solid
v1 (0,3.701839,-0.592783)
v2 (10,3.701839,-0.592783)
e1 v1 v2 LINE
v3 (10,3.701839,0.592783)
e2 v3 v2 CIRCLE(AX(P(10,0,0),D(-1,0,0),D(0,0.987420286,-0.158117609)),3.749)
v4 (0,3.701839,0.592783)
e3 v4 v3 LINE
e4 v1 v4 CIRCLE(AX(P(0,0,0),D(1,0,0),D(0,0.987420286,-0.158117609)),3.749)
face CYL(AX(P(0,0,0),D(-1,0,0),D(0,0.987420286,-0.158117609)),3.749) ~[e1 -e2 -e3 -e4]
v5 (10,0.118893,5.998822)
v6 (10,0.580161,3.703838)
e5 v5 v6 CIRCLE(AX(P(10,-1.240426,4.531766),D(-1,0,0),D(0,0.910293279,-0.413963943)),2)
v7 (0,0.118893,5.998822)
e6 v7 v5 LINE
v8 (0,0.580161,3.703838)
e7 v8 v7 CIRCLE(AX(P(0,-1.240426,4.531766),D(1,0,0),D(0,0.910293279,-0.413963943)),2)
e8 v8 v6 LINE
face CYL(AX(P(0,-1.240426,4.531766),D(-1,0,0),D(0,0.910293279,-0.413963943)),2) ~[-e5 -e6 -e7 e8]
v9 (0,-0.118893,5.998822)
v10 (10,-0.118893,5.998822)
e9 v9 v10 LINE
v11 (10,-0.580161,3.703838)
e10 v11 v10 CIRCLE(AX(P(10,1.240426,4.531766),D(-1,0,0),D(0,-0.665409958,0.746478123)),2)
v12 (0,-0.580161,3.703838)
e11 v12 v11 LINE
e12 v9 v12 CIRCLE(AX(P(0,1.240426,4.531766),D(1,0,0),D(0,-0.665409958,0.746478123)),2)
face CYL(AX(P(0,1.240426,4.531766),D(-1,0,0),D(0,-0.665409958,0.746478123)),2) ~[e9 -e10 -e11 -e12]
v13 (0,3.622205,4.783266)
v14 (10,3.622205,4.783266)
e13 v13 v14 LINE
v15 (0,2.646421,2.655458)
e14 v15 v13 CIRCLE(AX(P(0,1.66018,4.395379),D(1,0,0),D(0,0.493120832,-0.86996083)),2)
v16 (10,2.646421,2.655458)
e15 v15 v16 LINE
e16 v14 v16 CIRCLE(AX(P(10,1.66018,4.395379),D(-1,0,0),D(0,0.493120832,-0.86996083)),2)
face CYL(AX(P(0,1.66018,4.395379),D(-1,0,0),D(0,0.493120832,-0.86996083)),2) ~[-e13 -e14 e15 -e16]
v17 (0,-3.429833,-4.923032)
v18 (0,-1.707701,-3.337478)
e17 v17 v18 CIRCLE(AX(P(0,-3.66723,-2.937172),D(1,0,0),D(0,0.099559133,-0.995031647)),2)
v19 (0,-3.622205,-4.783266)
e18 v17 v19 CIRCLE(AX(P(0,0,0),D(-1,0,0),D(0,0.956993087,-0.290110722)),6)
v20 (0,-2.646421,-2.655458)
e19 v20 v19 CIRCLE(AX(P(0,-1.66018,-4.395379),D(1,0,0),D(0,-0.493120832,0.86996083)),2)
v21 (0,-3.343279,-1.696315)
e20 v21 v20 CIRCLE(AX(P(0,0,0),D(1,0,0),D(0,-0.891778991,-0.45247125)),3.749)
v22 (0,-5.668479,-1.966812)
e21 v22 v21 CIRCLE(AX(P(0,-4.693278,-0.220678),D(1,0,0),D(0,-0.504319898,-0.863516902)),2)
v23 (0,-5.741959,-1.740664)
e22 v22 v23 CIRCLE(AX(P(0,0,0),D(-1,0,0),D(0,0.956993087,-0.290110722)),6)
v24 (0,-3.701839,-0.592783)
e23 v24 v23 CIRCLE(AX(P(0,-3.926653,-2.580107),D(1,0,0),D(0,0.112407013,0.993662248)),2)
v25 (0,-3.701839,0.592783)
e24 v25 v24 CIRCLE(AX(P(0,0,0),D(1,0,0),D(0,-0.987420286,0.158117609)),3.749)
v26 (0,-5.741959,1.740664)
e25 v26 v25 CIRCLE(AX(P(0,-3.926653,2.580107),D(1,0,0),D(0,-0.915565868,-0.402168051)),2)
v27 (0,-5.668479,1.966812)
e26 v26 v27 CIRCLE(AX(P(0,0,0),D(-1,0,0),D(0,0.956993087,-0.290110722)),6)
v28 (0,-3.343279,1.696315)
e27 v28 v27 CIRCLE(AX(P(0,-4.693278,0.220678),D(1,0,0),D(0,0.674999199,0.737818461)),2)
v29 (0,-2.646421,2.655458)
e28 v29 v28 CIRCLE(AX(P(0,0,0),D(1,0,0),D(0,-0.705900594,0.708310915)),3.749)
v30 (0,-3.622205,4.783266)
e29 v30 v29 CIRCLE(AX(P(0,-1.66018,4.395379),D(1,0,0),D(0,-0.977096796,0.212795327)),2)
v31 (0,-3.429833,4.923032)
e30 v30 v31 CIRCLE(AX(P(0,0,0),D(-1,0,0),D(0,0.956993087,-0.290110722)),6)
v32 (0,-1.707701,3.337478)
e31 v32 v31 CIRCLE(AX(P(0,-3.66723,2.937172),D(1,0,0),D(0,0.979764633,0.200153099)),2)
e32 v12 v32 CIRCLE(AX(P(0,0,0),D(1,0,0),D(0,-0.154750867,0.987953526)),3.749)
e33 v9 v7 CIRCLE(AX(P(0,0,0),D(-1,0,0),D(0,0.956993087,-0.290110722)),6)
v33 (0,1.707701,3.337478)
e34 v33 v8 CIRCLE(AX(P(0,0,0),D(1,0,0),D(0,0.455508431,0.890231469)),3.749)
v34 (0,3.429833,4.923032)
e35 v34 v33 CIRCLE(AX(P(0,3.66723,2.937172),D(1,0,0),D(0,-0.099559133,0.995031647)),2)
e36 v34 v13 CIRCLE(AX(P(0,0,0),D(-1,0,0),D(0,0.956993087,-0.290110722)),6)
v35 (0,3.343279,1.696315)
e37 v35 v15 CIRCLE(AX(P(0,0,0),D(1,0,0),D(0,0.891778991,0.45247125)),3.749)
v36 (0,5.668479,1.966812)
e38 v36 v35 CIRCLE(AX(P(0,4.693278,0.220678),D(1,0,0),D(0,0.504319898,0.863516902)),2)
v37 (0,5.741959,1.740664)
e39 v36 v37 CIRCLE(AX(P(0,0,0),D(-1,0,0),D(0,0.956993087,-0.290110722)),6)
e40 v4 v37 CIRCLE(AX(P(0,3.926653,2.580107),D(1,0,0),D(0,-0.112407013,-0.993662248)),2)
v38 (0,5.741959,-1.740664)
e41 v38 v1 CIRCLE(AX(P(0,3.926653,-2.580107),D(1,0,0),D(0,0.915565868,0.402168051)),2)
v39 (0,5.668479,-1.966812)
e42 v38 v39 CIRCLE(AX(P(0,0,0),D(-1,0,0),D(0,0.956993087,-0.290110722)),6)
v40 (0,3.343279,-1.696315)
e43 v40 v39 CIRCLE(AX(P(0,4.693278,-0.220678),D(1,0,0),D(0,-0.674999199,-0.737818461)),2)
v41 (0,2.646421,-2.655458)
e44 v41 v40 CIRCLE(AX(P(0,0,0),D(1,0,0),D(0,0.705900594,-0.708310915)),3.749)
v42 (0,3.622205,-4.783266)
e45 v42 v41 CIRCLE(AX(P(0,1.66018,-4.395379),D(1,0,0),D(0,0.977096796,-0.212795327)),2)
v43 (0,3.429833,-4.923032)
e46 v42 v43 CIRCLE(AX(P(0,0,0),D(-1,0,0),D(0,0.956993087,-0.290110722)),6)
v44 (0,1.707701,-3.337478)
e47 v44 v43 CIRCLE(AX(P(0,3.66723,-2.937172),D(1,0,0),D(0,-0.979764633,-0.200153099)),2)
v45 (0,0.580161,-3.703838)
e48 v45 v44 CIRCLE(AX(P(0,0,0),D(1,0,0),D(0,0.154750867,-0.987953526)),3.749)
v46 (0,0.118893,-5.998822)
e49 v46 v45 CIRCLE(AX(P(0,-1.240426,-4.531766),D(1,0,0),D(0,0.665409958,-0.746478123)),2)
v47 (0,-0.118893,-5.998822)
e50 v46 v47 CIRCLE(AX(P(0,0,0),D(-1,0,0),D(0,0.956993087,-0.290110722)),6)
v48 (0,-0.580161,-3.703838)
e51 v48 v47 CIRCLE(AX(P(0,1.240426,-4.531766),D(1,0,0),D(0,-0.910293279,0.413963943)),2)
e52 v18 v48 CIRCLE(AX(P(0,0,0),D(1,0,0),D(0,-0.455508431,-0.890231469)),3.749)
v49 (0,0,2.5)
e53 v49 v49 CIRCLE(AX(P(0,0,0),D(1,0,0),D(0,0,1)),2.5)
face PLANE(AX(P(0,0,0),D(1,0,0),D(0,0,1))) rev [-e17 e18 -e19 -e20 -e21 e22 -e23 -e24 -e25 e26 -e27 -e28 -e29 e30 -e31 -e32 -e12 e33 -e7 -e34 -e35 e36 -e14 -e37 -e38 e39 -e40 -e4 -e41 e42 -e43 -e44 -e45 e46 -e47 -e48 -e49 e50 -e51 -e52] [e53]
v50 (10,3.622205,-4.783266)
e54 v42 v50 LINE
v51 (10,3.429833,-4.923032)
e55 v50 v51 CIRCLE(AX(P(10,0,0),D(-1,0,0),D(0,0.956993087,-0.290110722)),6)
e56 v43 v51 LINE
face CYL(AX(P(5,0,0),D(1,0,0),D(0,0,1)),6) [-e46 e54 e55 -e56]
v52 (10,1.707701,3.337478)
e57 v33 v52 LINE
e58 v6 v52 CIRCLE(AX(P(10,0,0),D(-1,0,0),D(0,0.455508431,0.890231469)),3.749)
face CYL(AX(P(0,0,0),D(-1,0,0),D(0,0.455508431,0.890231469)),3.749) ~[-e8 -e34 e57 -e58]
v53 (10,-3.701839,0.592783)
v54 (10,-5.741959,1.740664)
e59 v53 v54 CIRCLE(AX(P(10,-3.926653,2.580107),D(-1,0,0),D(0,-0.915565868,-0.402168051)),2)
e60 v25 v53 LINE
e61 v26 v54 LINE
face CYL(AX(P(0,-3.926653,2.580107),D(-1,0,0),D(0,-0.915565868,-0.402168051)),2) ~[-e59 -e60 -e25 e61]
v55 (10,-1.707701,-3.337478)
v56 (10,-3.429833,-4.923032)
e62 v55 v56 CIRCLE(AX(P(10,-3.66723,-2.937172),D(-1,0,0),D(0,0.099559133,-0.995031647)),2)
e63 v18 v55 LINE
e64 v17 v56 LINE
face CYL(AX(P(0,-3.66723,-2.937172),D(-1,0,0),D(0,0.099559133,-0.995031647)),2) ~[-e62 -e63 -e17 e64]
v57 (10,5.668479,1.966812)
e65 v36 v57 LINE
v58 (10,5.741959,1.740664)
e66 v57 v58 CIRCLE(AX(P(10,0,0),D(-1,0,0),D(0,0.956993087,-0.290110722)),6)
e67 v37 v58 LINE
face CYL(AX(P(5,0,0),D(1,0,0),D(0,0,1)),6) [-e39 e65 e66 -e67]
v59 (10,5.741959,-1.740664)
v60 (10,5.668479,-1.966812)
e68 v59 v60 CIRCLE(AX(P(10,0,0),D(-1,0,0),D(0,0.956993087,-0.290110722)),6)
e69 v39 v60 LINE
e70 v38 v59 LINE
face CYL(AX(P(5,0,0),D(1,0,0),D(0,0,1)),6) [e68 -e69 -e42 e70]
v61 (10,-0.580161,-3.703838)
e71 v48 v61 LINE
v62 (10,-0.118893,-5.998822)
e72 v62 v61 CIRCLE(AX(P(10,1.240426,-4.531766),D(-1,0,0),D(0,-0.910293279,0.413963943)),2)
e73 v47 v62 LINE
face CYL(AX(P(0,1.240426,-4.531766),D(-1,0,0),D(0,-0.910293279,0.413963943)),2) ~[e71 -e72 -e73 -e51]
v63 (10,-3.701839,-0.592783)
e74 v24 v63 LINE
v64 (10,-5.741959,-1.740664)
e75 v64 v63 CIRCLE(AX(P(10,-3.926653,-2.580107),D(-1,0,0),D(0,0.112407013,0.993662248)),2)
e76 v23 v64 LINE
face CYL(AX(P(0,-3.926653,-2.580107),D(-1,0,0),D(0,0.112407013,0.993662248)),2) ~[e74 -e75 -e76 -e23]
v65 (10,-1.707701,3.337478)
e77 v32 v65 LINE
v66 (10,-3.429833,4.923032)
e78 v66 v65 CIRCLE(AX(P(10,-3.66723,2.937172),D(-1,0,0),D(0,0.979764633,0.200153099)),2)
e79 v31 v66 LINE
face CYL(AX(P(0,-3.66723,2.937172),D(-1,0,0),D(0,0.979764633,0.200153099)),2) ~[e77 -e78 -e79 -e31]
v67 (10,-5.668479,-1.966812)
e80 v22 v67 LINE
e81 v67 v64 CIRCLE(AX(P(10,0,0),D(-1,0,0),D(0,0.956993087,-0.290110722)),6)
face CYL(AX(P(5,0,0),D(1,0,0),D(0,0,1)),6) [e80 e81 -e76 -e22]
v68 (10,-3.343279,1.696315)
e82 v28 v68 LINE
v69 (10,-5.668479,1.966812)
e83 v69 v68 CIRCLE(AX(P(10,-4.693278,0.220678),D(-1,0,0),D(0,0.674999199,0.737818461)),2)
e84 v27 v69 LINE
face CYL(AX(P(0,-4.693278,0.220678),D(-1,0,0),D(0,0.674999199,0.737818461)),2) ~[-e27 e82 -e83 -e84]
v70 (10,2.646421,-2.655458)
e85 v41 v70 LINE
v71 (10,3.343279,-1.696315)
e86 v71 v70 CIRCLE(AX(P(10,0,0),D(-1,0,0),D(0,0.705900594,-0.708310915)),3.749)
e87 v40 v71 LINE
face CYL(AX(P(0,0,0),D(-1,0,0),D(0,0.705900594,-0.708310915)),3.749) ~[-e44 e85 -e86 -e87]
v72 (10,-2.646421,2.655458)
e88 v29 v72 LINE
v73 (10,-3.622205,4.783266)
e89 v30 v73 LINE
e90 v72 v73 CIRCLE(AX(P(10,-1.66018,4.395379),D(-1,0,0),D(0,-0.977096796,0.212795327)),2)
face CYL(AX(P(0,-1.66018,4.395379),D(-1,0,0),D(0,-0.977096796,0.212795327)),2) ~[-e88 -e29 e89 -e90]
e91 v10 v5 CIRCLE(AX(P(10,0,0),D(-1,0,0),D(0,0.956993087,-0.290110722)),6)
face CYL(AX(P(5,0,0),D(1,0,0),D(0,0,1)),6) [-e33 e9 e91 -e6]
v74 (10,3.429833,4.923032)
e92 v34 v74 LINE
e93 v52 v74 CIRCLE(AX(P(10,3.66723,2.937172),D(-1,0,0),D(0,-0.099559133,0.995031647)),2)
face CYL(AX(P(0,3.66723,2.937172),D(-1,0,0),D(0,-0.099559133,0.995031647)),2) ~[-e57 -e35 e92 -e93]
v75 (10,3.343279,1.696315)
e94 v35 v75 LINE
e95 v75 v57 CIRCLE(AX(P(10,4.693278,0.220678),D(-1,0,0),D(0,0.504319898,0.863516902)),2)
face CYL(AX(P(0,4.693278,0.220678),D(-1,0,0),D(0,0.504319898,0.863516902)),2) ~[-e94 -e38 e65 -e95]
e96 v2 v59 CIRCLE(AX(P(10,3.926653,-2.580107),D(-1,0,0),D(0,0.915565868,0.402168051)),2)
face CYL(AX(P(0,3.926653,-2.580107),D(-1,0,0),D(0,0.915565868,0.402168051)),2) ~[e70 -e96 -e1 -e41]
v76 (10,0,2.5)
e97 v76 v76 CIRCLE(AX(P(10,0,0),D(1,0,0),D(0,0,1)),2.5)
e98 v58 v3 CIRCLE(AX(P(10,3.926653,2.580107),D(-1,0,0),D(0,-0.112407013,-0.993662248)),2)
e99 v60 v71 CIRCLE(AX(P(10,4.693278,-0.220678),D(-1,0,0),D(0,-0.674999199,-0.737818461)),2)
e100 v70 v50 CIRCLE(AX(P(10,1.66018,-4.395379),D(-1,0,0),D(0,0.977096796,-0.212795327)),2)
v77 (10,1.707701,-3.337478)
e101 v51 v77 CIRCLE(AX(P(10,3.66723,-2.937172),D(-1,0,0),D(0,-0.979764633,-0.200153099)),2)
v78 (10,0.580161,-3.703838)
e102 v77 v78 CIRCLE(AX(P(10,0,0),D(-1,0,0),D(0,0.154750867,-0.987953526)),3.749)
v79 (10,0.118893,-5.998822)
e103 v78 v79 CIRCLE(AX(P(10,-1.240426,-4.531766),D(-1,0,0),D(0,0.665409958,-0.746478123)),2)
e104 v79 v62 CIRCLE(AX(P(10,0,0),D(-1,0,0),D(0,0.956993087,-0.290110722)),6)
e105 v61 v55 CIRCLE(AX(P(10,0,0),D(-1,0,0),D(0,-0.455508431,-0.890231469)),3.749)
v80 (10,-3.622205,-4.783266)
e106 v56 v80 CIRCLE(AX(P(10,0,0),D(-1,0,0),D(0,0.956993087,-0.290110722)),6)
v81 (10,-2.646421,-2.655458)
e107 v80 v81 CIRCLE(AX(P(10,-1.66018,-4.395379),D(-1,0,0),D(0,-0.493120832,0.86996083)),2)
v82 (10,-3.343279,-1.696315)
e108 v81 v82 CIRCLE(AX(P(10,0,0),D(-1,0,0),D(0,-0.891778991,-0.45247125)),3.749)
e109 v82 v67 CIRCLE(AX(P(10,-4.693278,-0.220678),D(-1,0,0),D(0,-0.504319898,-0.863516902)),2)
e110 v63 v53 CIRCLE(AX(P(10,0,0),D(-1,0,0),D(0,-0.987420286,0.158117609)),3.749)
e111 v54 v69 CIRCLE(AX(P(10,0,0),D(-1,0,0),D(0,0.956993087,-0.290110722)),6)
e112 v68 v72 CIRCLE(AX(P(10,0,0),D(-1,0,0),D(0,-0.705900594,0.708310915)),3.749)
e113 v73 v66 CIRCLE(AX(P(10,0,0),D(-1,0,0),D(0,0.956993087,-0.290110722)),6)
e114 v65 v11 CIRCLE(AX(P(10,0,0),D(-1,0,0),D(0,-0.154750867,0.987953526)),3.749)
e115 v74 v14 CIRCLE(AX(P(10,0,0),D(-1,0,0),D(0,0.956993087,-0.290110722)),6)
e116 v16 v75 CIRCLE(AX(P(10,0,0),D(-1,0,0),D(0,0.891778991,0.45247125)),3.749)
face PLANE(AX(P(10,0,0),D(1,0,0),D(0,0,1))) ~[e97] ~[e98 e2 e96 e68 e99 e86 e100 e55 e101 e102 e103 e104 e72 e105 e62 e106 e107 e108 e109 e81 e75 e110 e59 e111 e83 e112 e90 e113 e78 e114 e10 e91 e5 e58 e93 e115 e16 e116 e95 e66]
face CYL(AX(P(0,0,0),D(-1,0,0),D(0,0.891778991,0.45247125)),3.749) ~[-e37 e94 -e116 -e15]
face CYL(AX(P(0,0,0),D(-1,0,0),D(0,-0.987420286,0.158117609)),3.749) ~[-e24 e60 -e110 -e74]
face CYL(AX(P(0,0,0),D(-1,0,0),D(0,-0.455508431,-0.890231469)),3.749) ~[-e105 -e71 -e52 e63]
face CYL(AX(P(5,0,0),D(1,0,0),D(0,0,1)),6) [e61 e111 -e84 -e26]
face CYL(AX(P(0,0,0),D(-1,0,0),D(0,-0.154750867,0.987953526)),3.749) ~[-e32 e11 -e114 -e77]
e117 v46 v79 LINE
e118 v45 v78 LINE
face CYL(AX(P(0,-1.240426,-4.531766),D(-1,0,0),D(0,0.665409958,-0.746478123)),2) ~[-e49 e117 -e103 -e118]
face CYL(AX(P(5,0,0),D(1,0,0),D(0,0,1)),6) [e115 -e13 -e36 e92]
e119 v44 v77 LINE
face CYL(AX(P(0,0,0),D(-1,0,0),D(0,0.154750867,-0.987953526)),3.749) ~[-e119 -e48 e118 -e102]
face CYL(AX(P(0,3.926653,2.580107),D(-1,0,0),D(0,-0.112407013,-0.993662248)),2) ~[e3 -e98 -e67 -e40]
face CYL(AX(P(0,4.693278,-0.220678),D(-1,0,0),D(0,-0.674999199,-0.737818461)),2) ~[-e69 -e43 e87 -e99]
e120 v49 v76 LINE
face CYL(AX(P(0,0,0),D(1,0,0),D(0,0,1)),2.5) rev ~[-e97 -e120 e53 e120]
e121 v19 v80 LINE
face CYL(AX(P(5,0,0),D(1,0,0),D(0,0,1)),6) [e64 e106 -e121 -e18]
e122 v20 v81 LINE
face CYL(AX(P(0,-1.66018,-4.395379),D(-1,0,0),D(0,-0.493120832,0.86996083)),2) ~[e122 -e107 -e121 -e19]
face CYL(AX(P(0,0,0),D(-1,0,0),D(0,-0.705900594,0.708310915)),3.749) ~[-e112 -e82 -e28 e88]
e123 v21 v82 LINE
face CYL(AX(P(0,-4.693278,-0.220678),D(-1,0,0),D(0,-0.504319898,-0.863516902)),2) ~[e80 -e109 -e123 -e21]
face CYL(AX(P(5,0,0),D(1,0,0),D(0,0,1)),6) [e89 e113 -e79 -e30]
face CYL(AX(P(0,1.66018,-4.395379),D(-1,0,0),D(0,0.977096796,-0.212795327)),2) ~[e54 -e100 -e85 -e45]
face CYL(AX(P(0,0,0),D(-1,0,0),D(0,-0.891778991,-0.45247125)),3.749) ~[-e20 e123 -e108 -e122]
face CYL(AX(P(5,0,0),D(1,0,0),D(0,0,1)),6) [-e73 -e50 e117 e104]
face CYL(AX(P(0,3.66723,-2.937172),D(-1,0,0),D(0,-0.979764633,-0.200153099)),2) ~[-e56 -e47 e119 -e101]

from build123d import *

# Parameters (mm, degrees)
BASPROSKE_W     = 10
BASPROSKE_H     = 6
TOOTHCUT_DEPTH  = 14.114877049
TEETHCUTS_COUNT = 10
TEETHCUTS_ANGLE = 324
BORSKE_R        = 2.5
BORE_DEPTH      = 50.0000508


with BuildPart() as part:
    # BasProSke → Base-Revolve (revolve)
    with BuildSketch(Plane(origin=(0, 0, 0), x_dir=(1, 0, 0), z_dir=(0, 1, 0)), mode=Mode.PRIVATE) as base_revolve_sk:
        with Locations((5, 3)):
            Rectangle(BASPROSKE_W, BASPROSKE_H)
    revolve(base_revolve_sk.sketch.rotate(Axis((-10, 0, 0), (1, 0, 0)), 180), axis=Axis((-10, 0, 0), (1, 0, 0)))

    # TooCutSke → ToothCut (cut, through all)
    with BuildSketch(Plane(origin=(0, 0, 0), x_dir=(0, 0, -1), z_dir=(1, 0, 0))):
        with BuildLine():
            ThreePointArc((0.59278292, 3.701838653), (0, 3.749), (-0.59278292, 3.701838653))
            ThreePointArc((-0.59278292, 3.701838653), (-0.846593509, 4.924114224), (-1.775771316, 5.757784417))
            ThreePointArc((-1.775771316, 5.757784417), (0, 6.0254), (1.775771316, 5.757784417))
            ThreePointArc((1.775771316, 5.757784417), (0.846593509, 4.924114224), (0.59278292, 3.701838653))
        make_face()
    toothcut = extrude(amount=TOOTHCUT_DEPTH, mode=Mode.SUBTRACT)

    # TeethCuts: ToothCut ×10 about axis
    teethcuts_axis = Axis((-10, 0, 0), (1, 0, 0))
    for i in range(1, TEETHCUTS_COUNT):
        add(toothcut.rotate(teethcuts_axis, i * TEETHCUTS_ANGLE / (TEETHCUTS_COUNT - 1)), mode=Mode.SUBTRACT)

    # BorSke → Bore (cut, symmetric)
    with BuildSketch(Plane(origin=(0, 0, 0), x_dir=(0, 0, -1), z_dir=(1, 0, 0))):
        with Locations(Location((0, 0, 0), (0, 0, 180))):
            Circle(BORSKE_R)
    extrude(amount=BORE_DEPTH, both=True, mode=Mode.SUBTRACT)


solid = part.part
